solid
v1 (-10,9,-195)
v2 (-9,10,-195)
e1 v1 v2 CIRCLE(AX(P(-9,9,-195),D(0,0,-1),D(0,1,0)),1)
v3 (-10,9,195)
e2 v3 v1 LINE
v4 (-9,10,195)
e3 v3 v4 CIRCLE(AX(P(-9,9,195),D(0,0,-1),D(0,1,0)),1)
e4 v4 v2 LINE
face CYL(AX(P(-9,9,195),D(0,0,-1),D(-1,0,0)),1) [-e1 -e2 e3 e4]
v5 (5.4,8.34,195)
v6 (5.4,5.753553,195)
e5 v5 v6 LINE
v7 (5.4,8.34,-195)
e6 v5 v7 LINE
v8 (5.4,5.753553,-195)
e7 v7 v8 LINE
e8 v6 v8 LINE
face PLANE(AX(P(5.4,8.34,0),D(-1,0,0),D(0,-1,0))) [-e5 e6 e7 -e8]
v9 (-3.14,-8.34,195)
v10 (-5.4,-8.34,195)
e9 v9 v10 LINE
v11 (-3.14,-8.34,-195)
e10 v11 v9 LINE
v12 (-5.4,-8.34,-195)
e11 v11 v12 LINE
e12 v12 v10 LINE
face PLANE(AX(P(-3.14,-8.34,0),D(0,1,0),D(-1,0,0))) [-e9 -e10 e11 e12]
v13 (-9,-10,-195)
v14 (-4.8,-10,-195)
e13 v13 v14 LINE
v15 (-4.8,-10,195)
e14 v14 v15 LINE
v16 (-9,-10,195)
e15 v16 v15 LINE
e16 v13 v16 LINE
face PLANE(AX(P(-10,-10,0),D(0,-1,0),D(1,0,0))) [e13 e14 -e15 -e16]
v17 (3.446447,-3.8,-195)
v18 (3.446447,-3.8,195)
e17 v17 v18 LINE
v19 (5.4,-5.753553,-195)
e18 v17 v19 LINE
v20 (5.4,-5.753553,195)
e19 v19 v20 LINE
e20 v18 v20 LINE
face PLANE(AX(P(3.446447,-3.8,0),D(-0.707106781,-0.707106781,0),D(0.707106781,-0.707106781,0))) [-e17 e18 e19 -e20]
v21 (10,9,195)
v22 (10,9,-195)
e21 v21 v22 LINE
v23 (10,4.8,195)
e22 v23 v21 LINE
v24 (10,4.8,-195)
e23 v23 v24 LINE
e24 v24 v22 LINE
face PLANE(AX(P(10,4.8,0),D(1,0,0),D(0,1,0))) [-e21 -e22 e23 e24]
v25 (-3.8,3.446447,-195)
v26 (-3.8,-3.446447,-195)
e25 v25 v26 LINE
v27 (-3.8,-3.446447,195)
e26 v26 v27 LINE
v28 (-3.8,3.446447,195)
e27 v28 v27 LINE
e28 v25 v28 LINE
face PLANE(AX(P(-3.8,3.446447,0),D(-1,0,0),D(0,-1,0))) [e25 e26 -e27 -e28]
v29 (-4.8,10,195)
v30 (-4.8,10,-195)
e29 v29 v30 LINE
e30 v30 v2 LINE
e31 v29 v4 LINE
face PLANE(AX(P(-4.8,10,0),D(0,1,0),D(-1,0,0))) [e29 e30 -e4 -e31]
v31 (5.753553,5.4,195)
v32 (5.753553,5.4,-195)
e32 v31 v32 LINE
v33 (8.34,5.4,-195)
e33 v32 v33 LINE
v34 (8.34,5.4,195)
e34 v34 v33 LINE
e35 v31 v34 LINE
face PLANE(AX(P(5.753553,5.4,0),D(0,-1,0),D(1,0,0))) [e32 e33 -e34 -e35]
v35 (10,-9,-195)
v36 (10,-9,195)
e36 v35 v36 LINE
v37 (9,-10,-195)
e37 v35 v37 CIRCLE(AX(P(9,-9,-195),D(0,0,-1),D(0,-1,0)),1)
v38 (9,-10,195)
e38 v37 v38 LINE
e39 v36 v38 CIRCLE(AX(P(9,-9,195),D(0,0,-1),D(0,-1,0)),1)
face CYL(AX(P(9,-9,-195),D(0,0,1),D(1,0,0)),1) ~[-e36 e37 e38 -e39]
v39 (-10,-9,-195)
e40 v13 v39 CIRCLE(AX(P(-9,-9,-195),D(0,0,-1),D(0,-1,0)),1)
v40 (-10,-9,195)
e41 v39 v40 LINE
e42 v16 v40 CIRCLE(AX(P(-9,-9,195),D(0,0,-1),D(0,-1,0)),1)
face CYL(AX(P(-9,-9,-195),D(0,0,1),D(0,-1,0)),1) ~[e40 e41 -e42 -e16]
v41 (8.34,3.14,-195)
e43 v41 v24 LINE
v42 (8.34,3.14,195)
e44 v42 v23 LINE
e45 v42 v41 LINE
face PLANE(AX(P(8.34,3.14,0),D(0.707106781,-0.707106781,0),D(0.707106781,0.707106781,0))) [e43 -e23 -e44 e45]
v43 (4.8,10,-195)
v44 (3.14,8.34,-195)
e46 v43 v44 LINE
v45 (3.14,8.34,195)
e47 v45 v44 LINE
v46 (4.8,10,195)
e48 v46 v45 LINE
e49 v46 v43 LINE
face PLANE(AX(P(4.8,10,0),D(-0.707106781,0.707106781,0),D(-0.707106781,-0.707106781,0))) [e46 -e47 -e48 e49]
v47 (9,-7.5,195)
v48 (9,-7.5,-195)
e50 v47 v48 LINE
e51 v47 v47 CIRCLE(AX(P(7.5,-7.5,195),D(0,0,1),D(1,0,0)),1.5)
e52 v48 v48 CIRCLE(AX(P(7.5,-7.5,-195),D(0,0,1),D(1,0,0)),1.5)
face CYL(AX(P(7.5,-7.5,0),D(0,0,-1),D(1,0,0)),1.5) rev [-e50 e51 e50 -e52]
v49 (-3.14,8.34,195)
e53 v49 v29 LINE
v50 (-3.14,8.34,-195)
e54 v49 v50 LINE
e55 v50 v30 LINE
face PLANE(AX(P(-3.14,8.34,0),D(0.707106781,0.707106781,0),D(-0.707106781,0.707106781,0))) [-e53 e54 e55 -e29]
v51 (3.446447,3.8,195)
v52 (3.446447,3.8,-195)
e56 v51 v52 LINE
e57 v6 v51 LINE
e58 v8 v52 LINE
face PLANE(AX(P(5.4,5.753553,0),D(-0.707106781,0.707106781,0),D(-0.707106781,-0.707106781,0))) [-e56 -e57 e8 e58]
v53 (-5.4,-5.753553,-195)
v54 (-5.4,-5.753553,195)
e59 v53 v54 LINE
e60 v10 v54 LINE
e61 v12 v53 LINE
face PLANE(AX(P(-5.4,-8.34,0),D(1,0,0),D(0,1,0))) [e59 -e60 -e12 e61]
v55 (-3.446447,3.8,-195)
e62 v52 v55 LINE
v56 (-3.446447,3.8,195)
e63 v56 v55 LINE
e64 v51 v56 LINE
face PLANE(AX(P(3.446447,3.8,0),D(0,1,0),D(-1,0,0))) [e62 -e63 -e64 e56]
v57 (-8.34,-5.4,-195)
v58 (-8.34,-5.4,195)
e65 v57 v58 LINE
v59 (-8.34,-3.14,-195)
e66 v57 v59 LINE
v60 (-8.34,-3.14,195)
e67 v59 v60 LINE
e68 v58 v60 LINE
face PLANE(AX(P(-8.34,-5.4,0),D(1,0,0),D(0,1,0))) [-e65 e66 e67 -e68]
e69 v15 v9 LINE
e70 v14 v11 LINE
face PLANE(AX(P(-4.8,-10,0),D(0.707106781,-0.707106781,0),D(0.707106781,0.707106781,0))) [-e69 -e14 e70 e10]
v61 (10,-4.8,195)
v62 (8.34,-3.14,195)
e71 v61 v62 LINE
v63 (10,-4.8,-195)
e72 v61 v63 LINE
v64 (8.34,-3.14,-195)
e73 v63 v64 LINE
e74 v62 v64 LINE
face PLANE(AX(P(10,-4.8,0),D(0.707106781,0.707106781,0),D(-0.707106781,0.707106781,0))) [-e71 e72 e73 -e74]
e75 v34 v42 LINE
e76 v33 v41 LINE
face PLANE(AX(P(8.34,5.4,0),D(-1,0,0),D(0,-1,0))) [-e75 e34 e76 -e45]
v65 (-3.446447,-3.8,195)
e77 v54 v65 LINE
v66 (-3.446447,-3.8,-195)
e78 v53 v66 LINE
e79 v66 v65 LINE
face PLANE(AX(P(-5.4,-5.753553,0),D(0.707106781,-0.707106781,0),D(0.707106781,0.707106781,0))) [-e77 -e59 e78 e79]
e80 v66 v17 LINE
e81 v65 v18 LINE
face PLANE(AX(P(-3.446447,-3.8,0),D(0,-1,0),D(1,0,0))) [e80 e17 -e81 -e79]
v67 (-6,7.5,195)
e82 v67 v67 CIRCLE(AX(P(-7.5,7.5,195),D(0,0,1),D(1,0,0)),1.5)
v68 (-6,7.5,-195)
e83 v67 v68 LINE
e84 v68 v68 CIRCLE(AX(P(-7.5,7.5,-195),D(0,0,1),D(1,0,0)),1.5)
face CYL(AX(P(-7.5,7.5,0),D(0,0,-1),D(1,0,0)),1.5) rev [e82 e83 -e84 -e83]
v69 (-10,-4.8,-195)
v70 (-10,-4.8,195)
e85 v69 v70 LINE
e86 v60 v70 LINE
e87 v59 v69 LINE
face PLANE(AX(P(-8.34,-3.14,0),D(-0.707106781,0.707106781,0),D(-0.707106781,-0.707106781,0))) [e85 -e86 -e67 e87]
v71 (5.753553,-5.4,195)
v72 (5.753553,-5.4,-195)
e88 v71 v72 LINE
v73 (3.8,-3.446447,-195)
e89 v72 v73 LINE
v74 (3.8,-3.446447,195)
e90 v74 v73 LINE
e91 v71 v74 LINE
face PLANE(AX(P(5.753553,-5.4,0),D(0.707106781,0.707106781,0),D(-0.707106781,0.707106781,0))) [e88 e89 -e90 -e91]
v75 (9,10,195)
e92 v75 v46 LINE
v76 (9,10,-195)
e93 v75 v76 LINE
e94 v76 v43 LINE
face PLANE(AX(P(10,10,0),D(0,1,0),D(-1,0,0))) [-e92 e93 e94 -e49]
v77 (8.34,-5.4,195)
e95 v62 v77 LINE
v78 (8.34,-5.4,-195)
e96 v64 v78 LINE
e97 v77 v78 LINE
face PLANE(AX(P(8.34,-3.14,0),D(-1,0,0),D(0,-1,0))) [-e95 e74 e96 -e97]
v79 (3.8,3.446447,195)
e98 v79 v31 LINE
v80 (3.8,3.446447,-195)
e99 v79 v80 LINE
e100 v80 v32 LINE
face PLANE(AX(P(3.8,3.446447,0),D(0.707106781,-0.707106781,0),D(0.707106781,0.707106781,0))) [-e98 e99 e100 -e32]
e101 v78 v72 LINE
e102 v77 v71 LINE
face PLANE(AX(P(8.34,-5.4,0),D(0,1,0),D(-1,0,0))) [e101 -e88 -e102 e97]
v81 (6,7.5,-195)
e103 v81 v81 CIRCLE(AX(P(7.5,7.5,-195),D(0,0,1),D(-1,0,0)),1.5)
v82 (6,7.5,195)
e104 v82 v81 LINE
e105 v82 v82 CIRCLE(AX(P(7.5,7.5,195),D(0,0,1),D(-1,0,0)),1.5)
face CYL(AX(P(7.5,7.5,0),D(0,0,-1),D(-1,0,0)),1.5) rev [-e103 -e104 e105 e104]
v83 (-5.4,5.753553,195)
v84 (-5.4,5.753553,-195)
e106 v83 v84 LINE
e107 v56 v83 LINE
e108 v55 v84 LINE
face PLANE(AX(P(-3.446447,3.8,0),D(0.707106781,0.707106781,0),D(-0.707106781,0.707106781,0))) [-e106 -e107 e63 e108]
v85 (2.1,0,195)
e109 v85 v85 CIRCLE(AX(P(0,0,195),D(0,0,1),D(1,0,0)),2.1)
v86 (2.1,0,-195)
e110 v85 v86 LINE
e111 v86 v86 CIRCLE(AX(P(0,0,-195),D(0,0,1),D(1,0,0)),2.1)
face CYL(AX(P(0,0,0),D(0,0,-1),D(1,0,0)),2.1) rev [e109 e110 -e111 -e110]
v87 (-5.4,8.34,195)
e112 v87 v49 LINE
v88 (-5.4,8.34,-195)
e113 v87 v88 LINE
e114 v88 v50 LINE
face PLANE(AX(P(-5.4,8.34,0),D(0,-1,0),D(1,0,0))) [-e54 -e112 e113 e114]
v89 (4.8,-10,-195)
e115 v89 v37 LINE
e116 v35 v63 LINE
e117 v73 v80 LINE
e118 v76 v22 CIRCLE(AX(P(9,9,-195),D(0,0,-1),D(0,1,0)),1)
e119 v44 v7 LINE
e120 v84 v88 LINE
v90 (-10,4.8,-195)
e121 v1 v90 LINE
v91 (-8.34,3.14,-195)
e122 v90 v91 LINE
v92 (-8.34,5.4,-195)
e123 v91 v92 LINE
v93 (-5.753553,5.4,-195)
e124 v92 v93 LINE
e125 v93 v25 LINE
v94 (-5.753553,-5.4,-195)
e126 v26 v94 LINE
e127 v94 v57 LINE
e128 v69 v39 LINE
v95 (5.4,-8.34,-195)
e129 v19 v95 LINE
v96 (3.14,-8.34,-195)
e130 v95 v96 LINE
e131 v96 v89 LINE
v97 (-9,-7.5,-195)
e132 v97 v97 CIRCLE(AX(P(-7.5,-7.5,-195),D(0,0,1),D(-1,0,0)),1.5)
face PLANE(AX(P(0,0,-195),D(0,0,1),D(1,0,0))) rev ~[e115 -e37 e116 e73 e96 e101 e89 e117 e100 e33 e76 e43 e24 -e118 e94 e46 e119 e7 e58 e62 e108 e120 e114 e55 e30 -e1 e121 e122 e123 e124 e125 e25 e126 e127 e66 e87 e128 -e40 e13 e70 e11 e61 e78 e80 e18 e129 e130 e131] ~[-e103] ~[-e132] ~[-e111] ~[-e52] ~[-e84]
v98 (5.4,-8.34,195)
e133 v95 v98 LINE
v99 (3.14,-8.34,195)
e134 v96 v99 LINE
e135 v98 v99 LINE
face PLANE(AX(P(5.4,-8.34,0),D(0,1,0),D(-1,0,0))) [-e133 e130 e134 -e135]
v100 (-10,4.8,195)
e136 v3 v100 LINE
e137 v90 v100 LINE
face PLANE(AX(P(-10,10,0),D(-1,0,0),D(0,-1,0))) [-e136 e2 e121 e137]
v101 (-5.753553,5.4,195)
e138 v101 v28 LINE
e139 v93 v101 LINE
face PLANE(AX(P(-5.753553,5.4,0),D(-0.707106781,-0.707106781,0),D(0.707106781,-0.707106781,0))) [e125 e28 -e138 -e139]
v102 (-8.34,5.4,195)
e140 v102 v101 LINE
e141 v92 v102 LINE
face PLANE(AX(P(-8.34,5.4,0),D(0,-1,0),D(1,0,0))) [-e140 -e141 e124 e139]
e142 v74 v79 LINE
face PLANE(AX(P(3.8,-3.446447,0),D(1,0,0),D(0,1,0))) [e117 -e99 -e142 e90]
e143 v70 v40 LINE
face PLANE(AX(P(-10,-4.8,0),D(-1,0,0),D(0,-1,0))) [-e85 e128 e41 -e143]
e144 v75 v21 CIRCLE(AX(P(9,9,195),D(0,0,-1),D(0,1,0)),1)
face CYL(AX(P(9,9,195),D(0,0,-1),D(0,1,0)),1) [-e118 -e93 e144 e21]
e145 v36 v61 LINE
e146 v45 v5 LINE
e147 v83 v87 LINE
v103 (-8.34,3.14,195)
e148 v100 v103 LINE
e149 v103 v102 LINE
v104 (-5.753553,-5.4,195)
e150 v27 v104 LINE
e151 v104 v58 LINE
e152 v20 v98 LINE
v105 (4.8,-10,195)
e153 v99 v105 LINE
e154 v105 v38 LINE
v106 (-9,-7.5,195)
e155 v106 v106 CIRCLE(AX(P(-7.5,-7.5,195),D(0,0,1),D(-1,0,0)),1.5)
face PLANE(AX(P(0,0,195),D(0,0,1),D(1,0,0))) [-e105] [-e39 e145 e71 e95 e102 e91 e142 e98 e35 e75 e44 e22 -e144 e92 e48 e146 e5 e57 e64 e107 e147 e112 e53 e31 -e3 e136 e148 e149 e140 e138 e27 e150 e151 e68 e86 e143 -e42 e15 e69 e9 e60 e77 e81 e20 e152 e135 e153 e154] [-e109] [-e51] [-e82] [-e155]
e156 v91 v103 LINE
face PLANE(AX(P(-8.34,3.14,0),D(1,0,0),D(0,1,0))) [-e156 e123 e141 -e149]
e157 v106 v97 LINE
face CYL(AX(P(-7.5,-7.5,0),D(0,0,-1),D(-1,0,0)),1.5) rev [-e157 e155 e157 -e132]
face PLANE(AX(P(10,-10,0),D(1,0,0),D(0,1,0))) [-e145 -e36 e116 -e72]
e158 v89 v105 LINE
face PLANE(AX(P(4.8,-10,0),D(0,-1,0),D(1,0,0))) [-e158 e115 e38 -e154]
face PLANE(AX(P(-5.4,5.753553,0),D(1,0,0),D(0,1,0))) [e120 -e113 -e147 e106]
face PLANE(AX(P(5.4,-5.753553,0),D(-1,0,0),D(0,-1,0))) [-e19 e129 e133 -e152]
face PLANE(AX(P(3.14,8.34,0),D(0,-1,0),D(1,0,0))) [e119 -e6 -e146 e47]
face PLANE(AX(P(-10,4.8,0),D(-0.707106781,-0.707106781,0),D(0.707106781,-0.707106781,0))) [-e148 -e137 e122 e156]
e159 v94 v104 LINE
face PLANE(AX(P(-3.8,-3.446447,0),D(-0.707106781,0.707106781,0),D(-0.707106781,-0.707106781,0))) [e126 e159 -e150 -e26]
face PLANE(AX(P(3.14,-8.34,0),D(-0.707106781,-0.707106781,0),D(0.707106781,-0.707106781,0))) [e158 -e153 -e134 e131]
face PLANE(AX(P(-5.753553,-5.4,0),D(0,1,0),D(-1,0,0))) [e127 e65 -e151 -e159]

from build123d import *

# Parameters (mm, degrees)
SKETCH_1_R      = 1.5
SKETCH_1_R_2    = 2.1
EXTRUDE_1_DEPTH = 195
FILLET_1_R      = 1


with BuildPart() as part:
    # 草图1 → 凸台-拉伸1 (new, symmetric)
    with BuildSketch(Plane.XY):
        Polygon((-10, 10), (-10, 4.8), (-8.34, 3.14), (-8.34, 5.4), (-5.753553391, 5.4), (-3.8, 3.446446609), (-3.8, -3.446446609), (-5.753553391, -5.4), (-8.34, -5.4), (-8.34, -3.14), (-10, -4.8), (-10, -10), (-4.8, -10), (-3.14, -8.34), (-5.4, -8.34), (-5.4, -5.753553391), (-3.446446609, -3.8), (3.446446609, -3.8), (5.4, -5.753553391), (5.4, -8.34), (3.14, -8.34), (4.8, -10), (10, -10), (10, -4.8), (8.34, -3.14), (8.34, -5.4), (5.753553391, -5.4), (3.8, -3.446446609), (3.8, 3.446446609), (5.753553391, 5.4), (8.34, 5.4), (8.34, 3.14), (10, 4.8), (10, 10), (4.8, 10), (3.14, 8.34), (5.4, 8.34), (5.4, 5.753553391), (3.446446609, 3.8), (-3.446446609, 3.8), (-5.4, 5.753553391), (-5.4, 8.34), (-3.14, 8.34), (-4.8, 10), align=None)
        with Locations((-7.5, 7.5)):
            Circle(SKETCH_1_R, mode=Mode.SUBTRACT)
        Circle(SKETCH_1_R_2, mode=Mode.SUBTRACT)
        with Locations(Location((-7.5, -7.5, 0), (0, 0, 180))):
            Circle(SKETCH_1_R, mode=Mode.SUBTRACT)
        with Locations((7.5, -7.5)):
            Circle(SKETCH_1_R, mode=Mode.SUBTRACT)
        with Locations(Location((7.5, 7.5, 0), (0, 0, 180))):
            Circle(SKETCH_1_R, mode=Mode.SUBTRACT)
    extrude(amount=EXTRUDE_1_DEPTH, both=True)

    # 圆角1
    fillet_1_edges = [part.edges().sort_by_distance(p)[0] for p in [
        (10, 10, 0),
        (10, -10, 0),
        (-10, -10, 0),
        (-10, 10, 0),
    ]]
    fillet(fillet_1_edges, radius=FILLET_1_R)


solid = part.part
